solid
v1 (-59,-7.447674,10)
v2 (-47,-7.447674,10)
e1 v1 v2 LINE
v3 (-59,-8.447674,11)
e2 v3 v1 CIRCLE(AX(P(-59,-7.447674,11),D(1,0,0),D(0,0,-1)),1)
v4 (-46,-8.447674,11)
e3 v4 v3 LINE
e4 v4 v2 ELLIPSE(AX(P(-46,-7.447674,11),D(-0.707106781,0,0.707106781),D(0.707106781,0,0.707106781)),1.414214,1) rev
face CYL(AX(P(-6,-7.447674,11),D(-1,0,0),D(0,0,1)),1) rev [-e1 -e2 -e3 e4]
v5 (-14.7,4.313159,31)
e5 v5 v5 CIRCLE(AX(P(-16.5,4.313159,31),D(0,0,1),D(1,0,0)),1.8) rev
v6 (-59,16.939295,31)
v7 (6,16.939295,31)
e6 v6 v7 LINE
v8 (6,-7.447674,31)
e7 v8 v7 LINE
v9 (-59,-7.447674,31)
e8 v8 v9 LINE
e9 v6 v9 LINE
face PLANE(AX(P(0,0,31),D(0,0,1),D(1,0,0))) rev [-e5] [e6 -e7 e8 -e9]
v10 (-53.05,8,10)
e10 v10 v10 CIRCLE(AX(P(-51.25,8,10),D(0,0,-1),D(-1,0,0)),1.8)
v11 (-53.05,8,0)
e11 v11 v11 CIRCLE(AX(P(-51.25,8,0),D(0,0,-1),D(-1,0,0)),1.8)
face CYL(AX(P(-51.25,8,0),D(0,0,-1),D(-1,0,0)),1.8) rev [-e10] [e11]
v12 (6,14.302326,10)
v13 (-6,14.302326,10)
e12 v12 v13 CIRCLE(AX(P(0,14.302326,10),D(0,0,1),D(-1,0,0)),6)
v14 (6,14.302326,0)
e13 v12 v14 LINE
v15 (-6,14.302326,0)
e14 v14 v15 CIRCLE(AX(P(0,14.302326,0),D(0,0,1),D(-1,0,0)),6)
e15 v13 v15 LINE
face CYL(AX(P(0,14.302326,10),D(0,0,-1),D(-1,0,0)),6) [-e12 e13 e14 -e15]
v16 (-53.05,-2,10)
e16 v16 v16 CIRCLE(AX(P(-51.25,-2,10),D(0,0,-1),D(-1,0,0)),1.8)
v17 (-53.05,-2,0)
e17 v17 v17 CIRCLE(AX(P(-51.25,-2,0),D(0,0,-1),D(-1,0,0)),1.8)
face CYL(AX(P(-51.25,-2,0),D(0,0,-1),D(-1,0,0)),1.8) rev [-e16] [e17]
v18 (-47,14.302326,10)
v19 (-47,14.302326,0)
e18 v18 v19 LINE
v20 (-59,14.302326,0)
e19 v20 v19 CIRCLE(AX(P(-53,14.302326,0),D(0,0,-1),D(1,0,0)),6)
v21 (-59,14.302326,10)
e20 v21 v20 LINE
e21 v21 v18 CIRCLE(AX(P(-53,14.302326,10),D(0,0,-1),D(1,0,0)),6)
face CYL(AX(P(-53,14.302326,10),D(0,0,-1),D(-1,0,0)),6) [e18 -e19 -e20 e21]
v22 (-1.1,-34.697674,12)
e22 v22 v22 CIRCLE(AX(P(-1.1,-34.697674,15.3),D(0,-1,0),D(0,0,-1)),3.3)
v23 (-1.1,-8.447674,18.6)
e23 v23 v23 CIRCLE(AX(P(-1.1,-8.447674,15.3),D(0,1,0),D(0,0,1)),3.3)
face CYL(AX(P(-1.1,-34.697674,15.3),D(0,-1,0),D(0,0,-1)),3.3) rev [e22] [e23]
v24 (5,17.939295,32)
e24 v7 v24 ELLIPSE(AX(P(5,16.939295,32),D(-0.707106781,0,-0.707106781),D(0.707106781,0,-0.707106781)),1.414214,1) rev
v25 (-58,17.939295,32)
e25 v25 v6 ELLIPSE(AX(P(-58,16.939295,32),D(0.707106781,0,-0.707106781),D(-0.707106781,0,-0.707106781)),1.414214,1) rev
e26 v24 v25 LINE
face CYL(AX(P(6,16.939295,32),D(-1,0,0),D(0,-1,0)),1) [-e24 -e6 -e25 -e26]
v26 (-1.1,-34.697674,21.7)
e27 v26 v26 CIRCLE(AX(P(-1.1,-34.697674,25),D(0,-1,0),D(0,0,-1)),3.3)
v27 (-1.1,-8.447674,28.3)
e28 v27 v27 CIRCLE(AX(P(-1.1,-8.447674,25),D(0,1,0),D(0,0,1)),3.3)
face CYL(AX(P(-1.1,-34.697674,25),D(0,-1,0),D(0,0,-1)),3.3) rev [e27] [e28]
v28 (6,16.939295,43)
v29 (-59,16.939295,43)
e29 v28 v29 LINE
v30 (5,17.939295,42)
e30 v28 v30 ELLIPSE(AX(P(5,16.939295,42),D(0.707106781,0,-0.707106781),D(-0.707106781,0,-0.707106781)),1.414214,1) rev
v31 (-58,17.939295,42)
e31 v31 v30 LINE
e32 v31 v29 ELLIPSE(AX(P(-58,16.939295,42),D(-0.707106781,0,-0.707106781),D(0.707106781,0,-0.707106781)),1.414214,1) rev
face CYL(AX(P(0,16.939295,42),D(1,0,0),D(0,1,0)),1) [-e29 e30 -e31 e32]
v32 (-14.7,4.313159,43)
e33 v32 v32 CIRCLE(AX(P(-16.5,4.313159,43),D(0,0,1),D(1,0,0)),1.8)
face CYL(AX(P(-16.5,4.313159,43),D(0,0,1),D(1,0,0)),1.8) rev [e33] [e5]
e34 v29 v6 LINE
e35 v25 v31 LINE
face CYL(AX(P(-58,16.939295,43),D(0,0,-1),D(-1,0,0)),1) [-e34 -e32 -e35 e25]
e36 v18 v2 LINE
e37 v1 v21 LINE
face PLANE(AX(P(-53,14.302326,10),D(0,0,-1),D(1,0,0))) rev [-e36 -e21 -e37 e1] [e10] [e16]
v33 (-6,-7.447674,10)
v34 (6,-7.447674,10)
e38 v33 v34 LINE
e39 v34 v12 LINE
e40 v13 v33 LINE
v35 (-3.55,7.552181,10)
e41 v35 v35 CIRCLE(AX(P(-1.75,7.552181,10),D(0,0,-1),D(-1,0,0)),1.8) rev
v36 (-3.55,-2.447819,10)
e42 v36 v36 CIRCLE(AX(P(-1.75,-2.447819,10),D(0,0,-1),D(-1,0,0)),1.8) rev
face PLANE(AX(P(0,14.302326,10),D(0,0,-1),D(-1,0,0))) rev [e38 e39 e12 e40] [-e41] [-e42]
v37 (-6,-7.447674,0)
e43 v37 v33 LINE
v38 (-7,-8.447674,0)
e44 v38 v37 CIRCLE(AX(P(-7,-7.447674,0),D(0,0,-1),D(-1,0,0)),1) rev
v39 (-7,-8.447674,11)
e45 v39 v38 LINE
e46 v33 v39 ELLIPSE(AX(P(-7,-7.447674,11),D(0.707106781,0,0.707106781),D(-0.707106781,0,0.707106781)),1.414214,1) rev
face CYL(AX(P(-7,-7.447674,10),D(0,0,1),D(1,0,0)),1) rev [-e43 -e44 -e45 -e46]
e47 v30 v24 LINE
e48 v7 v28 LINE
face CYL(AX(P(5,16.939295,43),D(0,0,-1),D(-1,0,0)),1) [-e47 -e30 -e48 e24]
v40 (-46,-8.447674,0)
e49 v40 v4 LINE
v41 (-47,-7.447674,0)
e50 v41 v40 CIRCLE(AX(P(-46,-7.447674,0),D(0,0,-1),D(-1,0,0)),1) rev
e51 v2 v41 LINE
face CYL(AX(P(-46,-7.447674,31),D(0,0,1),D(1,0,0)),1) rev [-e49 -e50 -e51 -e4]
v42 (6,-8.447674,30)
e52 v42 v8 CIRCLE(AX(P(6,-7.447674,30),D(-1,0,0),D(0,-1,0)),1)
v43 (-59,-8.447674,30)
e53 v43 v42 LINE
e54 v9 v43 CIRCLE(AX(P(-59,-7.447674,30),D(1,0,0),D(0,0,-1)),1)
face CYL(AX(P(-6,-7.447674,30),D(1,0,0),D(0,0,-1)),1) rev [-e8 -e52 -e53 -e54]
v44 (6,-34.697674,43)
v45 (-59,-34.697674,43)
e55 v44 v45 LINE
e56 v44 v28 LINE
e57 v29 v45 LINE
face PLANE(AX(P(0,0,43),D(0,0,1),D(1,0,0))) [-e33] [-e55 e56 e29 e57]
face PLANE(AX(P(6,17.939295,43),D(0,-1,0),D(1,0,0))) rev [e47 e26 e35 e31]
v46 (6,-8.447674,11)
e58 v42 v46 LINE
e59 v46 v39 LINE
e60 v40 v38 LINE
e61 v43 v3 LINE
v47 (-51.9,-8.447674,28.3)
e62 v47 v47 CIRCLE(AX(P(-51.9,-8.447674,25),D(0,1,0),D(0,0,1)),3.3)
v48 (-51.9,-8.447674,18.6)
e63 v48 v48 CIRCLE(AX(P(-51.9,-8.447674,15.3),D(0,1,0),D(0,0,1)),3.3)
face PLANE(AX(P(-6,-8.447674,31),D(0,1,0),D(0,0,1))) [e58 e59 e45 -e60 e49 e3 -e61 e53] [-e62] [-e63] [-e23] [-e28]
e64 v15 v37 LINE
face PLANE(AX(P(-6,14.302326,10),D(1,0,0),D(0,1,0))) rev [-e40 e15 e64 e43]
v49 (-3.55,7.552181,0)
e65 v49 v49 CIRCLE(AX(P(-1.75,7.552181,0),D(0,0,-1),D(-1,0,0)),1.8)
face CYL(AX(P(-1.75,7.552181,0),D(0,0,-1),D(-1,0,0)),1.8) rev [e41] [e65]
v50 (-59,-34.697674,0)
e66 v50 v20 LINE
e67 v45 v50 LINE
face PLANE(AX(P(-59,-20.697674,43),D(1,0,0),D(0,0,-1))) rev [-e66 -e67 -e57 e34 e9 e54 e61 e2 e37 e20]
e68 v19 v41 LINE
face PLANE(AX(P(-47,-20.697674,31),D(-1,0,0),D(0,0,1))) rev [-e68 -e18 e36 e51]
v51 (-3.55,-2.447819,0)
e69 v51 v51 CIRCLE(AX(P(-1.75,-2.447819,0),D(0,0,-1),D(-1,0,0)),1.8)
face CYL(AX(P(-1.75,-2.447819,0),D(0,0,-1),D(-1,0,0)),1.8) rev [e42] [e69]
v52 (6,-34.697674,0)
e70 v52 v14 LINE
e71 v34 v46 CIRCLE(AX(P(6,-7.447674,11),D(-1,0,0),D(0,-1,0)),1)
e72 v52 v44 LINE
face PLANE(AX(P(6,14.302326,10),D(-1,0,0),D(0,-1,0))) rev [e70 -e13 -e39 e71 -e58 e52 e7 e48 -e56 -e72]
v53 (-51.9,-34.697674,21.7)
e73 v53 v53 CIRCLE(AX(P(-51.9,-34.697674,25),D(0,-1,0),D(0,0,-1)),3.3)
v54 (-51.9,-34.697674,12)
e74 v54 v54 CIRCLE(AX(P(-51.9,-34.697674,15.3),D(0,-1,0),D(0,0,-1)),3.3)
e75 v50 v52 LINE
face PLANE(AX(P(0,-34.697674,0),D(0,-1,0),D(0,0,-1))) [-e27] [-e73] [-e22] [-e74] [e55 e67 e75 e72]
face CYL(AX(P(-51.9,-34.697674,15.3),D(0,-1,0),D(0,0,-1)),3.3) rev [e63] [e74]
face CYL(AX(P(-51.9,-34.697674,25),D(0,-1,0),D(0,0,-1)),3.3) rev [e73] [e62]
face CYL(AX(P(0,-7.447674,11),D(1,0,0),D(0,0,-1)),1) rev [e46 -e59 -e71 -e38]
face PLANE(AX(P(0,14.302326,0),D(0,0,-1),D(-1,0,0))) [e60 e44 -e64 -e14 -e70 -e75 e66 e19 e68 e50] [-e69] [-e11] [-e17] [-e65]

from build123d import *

# Parameters (mm, degrees)
BOSS_EXTRUDE1_DEPTH            = 10
SKETCH2_W                      = 12
SKETCH2_H                      = 12.25
BOSS_EXTRUDE2_DEPTH            = 21
SKETCH4_W                      = 65
SKETCH4_H                      = 38.636969104
BOSS_EXTRUDE3_DEPTH            = 12
F_3_6_3_6_DIAMETER_HOLE1_D     = 3.6
F_3_6_3_6_DIAMETER_HOLE1_DEPTH = 10
F_3_6_3_6_DIAMETER_HOLE1_TIP   = 1.081549114
F_3_6_3_6_DIAMETER_HOLE2_D     = 3.6
F_3_6_3_6_DIAMETER_HOLE2_DEPTH = 12
F_3_6_3_6_DIAMETER_HOLE2_TIP   = 1.081549114
SKETCH21_W                     = 41
SKETCH21_H                     = 12.25
BOSS_EXTRUDE4_DEPTH            = 31
SKETCH23_W                     = 65
SKETCH23_H                     = 43
BOSS_EXTRUDE6_DEPTH            = 14
F_6_6_6_6_DIAMETER_HOLE1_D     = 6.6
FILLET1_R                      = 1


with BuildPart() as part:
    # Sketch1 → Boss-Extrude1 (new body)
    with BuildSketch(Plane.XY):
        with BuildLine():
            Line((-6, 14.302325581), (-6, -20.697674419))
            Line((-6, -20.697674419), (6, -20.697674419))
            Line((6, -20.697674419), (6, 14.302325581))
            ThreePointArc((6, 14.302325581), (0, 20.302325581), (-6, 14.302325581))
        make_face()
    boss_extrude1 = extrude(amount=BOSS_EXTRUDE1_DEPTH)

    # Sketch2 → Boss-Extrude2 (add)
    with BuildSketch(Plane.XY.offset(10)):
        with Locations((0, -14.572674419)):
            Rectangle(SKETCH2_W, SKETCH2_H)
    boss_extrude2 = extrude(amount=BOSS_EXTRUDE2_DEPTH)

    # Sketch4 → Boss-Extrude3 (add)
    with BuildSketch(Plane.XY.offset(31)):
        with Locations((-26.5, -1.379189867)):
            Rectangle(SKETCH4_W, SKETCH4_H)
    extrude(amount=BOSS_EXTRUDE3_DEPTH)

    # Mirror2: Boss-Extrude2 across plane
    add(boss_extrude2.mirror(Plane.ZY.offset(26.5)))

    # Mirror3: Boss-Extrude1 across plane
    add(boss_extrude1.mirror(Plane.ZY.offset(26.5)))

    # Ø3.6 (3.6) Diameter Hole1
    with Locations(Plane(origin=(0, 0, 0), x_dir=(-1, 0, 0), z_dir=(0, 0, -1))):
        with Locations((1.75, 7.55218084), (1.75, -2.44781916), (51.25, 8), (51.25, -2)):
            Hole(F_3_6_3_6_DIAMETER_HOLE1_D / 2, depth=F_3_6_3_6_DIAMETER_HOLE1_DEPTH)
            with Locations((0, 0, -(F_3_6_3_6_DIAMETER_HOLE1_DEPTH + F_3_6_3_6_DIAMETER_HOLE1_TIP / 2))):  # 118° drill point
                Cone(0, F_3_6_3_6_DIAMETER_HOLE1_D / 2, F_3_6_3_6_DIAMETER_HOLE1_TIP, mode=Mode.SUBTRACT)

    # Ø3.6 (3.6) Diameter Hole2
    with Locations(Plane.XY.offset(43)):
        with Locations((-16.499999995, 4.313158503)):
            Hole(F_3_6_3_6_DIAMETER_HOLE2_D / 2, depth=F_3_6_3_6_DIAMETER_HOLE2_DEPTH)
            with Locations((0, 0, -(F_3_6_3_6_DIAMETER_HOLE2_DEPTH + F_3_6_3_6_DIAMETER_HOLE2_TIP / 2))):  # 118° drill point
                Cone(0, F_3_6_3_6_DIAMETER_HOLE2_D / 2, F_3_6_3_6_DIAMETER_HOLE2_TIP, mode=Mode.SUBTRACT)

    # Sketch21 → Boss-Extrude4 (add)
    with BuildSketch(Plane(origin=(0, 0, 31), x_dir=(-1, 0, 0), z_dir=(0, 0, -1))):
        with Locations((26.5, -14.572674419)):
            Rectangle(SKETCH21_W, SKETCH21_H)
    extrude(amount=BOSS_EXTRUDE4_DEPTH)

    # Sketch23 → Boss-Extrude6 (add)
    with BuildSketch(Plane.XZ.offset(20.697674419)):
        with Locations((-26.5, 21.5)):
            Rectangle(SKETCH23_W, SKETCH23_H)
    extrude(amount=BOSS_EXTRUDE6_DEPTH)

    # Ø6.6 (6.6) Diameter Hole1 (through all)
    with Locations(Plane(origin=(0, -34.697674419, 0), x_dir=(-1, 0, 0), z_dir=(0, -1, 0))):
        with Locations((1.1, -15.3), (1.1, -25), (51.9, -15.3), (51.9, -25)):
            Hole(F_6_6_6_6_DIAMETER_HOLE1_D / 2)

    # Fillet1
    fillet1_edges = [part.edges().sort_by_distance(p)[0] for p in [
        (-26.5, -8.447674419, 31),
        (0, -8.447674419, 10),
        (-26.5, 17.939294685, 31),
        (6, 17.939294685, 37),
        (-59, 17.939294685, 37),
        (-26.5, 17.939294685, 43),
        (-53, -8.447674419, 10),
        (-6, -8.447674419, 5),
        (-47, -8.447674419, 5),
    ]]
    fillet(fillet1_edges, radius=FILLET1_R)


solid = part.part
